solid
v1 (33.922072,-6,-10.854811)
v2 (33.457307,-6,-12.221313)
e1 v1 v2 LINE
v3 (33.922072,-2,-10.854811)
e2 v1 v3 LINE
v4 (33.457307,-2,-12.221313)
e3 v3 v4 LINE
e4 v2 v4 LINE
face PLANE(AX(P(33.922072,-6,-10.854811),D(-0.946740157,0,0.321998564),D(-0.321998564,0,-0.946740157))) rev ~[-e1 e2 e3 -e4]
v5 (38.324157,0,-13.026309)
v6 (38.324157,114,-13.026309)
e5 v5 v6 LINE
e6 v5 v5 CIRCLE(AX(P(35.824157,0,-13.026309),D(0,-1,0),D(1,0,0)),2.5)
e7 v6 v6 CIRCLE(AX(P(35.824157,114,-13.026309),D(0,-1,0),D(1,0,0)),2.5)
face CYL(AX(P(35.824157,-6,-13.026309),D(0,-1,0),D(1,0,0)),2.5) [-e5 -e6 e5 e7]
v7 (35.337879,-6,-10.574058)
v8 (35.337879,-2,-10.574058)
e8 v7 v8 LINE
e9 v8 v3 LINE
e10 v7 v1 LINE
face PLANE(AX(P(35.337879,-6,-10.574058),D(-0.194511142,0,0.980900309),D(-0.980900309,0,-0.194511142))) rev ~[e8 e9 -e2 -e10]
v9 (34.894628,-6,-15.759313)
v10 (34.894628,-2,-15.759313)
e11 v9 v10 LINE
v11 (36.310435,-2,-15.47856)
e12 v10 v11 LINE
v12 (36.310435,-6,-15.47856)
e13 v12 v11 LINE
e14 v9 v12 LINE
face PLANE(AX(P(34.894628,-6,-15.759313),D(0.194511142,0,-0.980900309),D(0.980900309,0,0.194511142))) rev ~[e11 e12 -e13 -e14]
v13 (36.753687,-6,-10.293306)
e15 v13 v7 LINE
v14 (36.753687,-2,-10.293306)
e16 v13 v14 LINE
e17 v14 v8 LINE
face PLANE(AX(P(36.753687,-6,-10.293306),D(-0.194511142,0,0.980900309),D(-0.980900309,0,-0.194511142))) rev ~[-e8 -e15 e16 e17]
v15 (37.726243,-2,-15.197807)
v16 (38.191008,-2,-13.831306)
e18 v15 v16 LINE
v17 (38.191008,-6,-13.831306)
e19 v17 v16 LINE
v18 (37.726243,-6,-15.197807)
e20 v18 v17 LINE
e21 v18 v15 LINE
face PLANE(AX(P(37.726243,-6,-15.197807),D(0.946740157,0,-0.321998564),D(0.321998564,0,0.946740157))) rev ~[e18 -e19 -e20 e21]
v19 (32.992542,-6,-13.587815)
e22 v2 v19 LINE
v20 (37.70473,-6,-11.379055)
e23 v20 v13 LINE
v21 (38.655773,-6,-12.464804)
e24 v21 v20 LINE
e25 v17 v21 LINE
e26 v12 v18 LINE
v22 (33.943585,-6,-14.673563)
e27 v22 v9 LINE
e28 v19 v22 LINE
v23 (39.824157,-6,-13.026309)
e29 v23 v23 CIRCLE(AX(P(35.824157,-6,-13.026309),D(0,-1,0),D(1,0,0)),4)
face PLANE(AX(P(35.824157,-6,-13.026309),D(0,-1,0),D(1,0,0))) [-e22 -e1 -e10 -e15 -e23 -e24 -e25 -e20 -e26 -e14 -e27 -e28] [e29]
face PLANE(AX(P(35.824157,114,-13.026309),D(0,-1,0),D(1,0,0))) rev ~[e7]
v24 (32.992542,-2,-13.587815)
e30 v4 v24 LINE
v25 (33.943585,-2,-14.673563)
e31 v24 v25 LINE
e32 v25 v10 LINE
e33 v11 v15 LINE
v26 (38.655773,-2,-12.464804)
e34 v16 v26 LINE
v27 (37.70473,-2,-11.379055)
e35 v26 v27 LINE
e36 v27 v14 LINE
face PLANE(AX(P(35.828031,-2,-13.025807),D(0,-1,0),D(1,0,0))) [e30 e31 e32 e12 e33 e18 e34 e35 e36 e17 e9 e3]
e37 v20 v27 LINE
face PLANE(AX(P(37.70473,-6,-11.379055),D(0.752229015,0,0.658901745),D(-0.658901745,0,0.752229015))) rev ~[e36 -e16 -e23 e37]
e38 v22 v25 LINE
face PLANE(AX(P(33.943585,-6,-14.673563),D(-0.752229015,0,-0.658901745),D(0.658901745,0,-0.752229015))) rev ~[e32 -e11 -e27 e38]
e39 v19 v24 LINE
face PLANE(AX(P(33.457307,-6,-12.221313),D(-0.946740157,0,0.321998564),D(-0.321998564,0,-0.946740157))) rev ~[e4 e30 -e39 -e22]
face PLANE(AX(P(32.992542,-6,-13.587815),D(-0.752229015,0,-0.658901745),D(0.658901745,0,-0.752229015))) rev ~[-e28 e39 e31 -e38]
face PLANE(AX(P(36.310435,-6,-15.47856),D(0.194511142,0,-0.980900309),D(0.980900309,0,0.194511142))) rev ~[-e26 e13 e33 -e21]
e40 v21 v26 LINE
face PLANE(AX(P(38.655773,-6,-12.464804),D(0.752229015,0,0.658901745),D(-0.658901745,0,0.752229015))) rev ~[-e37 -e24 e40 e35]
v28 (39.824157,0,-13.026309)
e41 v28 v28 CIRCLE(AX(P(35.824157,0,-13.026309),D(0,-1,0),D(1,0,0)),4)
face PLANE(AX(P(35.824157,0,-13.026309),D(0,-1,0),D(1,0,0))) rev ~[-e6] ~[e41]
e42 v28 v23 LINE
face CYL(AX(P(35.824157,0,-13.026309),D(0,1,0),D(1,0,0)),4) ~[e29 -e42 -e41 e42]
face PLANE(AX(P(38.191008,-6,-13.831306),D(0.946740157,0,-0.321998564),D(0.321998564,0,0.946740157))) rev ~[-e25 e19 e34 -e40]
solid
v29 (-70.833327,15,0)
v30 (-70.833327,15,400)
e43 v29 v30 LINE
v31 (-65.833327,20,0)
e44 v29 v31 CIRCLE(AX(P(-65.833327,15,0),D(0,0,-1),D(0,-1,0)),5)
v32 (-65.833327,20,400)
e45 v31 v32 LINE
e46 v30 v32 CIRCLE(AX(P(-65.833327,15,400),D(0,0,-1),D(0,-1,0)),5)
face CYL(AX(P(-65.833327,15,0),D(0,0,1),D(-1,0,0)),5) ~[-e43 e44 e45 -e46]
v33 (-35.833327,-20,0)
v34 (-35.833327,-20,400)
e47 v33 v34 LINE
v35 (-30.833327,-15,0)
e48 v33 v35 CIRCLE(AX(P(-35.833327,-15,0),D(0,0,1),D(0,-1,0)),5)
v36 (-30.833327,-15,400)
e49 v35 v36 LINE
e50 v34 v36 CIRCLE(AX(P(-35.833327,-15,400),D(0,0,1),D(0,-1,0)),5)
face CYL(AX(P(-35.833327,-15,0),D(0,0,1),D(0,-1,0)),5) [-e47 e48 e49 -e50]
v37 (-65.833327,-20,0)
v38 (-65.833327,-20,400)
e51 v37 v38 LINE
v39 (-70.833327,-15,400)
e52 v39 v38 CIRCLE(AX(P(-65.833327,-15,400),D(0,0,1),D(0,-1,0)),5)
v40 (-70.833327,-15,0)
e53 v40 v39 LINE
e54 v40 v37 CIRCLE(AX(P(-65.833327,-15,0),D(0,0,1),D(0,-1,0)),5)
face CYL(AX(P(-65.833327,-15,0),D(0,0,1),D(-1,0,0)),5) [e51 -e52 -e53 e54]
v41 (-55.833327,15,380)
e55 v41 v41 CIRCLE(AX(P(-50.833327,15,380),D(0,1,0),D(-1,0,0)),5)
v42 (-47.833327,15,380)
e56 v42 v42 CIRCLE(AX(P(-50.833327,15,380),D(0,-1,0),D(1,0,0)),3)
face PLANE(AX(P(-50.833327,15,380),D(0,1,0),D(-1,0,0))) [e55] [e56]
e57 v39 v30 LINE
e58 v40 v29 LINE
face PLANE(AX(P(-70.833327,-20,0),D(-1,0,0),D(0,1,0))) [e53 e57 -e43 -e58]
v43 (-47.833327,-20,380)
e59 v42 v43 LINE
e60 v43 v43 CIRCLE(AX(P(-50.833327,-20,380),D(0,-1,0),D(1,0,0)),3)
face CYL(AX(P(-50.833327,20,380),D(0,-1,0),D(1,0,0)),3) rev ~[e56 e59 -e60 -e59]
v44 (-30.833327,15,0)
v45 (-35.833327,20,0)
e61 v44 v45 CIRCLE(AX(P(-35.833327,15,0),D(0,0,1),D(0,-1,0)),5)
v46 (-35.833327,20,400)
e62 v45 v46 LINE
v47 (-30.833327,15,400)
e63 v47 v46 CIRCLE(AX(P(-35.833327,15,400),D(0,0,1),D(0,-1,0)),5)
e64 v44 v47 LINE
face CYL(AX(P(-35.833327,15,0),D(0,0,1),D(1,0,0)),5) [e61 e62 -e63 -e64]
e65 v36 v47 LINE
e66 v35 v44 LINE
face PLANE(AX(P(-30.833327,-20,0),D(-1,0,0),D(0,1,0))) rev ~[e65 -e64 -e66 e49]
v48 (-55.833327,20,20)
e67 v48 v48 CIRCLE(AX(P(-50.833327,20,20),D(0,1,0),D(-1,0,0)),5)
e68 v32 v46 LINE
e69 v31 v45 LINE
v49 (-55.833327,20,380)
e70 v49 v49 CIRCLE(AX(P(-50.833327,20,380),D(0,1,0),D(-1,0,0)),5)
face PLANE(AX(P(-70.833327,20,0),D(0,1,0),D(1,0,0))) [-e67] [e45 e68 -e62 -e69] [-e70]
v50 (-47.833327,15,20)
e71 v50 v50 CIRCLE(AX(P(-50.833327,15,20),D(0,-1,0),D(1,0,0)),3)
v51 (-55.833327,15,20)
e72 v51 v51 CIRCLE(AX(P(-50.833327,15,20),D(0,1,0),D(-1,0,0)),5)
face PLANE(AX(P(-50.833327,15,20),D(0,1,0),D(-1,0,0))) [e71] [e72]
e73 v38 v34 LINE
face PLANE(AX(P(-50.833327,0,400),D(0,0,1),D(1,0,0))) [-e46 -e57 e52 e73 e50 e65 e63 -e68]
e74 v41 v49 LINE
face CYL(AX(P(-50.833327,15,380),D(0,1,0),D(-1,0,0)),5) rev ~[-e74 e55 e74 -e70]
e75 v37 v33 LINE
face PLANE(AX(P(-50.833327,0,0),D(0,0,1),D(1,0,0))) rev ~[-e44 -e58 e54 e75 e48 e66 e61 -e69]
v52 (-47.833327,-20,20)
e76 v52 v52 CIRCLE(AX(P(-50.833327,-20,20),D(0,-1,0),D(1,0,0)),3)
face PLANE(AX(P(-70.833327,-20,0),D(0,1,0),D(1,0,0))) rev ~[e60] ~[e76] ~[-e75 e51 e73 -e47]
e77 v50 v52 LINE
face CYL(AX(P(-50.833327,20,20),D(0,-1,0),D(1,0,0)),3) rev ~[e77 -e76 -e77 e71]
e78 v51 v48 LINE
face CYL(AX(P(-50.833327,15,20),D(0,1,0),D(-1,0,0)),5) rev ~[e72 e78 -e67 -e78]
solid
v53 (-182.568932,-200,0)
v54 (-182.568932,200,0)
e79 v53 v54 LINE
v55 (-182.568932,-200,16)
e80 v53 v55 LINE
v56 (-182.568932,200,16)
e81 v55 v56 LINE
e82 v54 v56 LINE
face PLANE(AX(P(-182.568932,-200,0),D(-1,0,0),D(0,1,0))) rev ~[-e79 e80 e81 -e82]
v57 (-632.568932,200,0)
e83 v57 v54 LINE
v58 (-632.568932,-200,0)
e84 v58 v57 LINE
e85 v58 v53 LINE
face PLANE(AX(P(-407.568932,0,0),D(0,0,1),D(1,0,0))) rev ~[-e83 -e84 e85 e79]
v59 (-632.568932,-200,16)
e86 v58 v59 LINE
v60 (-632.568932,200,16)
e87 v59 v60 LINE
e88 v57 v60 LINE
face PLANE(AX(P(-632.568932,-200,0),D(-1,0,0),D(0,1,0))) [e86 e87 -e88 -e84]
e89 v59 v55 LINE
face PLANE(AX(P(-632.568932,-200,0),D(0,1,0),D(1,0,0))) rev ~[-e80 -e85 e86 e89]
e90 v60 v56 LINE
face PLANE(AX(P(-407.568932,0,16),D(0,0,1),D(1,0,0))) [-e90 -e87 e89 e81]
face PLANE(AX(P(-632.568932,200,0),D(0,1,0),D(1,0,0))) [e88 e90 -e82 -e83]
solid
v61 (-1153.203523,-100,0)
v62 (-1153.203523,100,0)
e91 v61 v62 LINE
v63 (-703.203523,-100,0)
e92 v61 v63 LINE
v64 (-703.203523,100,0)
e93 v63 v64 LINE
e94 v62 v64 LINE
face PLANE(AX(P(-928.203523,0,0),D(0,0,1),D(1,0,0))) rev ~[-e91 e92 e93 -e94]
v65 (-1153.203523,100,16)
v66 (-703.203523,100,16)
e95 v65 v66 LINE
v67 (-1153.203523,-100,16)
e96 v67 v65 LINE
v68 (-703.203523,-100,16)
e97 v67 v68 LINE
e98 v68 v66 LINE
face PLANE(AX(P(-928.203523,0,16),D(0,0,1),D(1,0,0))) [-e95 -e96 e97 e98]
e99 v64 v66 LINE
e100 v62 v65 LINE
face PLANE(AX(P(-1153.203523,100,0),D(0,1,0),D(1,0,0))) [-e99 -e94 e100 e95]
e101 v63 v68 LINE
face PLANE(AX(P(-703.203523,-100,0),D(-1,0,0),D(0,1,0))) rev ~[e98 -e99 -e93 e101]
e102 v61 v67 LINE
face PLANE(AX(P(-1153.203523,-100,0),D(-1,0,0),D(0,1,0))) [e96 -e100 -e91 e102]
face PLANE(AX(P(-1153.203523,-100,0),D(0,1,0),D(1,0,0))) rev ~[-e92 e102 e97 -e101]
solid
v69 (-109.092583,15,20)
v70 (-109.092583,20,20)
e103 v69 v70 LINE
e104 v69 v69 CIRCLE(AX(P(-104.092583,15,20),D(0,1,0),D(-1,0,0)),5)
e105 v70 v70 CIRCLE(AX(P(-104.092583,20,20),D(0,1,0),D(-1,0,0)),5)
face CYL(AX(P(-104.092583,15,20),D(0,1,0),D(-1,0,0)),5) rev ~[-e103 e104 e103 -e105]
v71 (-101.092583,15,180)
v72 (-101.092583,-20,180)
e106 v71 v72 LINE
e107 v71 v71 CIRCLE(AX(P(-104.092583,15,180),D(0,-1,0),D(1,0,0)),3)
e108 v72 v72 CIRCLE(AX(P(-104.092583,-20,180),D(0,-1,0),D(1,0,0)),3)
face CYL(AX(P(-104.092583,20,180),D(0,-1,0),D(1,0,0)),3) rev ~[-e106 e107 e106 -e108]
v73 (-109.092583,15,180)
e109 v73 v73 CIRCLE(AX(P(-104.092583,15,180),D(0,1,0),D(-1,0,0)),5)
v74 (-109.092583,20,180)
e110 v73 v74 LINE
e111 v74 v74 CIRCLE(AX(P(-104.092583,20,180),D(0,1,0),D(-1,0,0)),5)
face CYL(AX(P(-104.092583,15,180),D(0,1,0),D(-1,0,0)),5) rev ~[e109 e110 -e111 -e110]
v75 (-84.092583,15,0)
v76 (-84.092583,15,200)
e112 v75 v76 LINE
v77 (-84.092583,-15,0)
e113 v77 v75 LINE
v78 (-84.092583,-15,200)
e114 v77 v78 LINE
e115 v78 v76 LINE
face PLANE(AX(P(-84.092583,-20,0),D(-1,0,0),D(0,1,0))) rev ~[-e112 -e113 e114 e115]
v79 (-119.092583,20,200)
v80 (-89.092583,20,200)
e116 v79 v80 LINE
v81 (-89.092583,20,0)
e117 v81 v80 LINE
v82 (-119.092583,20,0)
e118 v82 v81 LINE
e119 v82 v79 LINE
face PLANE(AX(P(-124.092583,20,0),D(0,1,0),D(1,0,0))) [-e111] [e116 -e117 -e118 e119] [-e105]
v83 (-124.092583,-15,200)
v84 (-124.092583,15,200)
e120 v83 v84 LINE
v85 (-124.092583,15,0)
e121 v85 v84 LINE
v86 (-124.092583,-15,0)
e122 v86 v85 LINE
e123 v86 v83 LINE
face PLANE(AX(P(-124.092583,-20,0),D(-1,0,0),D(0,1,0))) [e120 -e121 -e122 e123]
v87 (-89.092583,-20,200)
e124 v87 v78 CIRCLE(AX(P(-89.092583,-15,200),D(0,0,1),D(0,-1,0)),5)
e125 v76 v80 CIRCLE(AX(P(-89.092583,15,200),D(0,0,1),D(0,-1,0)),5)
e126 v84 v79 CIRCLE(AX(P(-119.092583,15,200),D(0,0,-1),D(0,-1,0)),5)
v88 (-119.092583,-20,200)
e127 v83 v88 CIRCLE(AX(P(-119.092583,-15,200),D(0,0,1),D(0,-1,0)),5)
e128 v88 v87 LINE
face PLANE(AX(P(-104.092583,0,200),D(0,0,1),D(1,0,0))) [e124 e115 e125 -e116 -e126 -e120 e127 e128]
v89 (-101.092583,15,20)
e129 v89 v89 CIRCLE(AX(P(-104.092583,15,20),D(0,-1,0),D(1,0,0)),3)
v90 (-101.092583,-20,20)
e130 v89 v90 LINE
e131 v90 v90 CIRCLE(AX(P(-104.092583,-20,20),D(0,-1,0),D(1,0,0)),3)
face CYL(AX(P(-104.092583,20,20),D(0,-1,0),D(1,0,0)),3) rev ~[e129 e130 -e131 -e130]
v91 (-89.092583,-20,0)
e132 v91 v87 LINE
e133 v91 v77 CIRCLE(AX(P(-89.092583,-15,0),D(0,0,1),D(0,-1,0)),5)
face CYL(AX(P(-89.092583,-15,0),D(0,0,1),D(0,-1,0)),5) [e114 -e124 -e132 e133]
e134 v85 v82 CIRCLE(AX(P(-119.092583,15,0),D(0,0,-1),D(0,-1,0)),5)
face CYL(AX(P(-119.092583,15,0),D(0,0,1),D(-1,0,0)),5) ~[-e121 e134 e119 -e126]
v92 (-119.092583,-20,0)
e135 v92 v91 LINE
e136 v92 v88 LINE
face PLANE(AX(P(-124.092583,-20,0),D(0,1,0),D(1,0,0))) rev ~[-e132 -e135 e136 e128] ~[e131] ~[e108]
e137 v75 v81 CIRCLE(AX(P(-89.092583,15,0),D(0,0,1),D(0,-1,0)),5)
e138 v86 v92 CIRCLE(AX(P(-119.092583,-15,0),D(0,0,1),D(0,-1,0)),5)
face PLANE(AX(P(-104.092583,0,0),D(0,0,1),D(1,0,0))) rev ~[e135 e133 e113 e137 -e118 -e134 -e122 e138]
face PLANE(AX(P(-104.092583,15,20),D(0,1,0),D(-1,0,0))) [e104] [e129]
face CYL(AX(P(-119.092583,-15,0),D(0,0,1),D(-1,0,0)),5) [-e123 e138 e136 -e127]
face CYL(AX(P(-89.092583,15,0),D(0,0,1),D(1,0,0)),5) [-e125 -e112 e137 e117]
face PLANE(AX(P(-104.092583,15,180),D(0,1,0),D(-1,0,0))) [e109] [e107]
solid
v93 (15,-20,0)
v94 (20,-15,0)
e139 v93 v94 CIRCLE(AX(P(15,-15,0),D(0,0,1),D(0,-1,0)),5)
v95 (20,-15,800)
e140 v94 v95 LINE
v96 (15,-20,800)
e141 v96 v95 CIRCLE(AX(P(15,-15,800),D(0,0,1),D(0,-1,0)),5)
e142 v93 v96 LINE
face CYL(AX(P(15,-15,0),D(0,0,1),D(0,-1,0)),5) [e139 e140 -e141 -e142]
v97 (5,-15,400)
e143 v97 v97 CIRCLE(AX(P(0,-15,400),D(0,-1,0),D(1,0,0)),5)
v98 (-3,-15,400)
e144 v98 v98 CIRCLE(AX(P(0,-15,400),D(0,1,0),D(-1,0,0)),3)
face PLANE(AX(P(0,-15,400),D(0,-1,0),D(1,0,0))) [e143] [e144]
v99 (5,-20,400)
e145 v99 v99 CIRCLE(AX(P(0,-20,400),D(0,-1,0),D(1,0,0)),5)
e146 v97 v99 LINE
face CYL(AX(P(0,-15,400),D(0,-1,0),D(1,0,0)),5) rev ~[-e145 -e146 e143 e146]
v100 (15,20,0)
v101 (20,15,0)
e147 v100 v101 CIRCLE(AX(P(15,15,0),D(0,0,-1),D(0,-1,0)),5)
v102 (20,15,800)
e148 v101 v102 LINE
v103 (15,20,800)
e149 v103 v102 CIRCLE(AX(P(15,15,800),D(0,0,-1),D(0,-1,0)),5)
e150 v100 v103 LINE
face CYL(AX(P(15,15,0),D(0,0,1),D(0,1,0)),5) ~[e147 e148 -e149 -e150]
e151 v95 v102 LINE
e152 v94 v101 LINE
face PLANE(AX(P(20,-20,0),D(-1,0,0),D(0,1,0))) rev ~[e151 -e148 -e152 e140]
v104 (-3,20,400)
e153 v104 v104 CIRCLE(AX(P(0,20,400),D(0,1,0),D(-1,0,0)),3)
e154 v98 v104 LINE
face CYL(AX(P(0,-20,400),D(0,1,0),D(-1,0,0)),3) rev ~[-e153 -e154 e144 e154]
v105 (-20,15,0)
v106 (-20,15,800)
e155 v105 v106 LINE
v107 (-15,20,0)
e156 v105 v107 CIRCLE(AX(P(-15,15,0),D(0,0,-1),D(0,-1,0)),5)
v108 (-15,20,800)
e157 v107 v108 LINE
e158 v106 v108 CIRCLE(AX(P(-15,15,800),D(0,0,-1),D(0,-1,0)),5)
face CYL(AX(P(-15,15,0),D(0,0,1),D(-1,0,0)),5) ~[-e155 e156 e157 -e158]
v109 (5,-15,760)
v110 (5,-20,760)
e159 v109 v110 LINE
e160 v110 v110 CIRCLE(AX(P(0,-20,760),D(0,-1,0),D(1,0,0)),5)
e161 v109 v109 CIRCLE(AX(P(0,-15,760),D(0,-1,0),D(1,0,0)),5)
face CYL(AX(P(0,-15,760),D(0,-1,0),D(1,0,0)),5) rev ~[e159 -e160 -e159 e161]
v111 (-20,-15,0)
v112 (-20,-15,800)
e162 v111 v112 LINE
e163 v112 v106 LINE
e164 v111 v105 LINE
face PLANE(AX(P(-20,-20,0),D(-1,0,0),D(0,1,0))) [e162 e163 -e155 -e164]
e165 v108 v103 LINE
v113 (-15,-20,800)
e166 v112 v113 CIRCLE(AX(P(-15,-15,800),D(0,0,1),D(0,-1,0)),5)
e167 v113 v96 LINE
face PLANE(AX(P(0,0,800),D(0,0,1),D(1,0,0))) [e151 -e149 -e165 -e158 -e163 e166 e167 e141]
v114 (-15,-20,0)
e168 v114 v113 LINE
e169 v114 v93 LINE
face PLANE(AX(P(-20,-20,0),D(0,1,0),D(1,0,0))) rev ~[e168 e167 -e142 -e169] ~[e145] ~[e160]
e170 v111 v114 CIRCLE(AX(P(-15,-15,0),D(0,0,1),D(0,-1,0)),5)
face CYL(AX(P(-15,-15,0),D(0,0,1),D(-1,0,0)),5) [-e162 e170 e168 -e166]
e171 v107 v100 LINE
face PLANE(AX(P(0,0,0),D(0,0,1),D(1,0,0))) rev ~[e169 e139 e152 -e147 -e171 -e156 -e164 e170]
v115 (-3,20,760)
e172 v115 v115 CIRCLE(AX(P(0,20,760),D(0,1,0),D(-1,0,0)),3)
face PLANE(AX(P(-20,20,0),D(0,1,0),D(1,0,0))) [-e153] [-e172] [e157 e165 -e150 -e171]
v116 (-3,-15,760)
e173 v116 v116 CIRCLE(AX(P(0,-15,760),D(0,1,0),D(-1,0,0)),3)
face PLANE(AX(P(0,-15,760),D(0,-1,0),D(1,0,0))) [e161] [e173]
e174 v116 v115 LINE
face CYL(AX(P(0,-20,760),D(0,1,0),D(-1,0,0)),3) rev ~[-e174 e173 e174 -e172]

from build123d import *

# Parameters (mm, degrees)
F0_W            = 40
F0_H            = 40
F1_DEPTH        = 800
F3_D            = 6
F3_CBORE_D      = 10
F3_CBORE_DEPTH  = 5
F4_R            = 5
F5_R            = 4
F6_DEPTH        = 6
F7_R            = 2.5
F8_DEPTH        = 120
F10_DEPTH       = 4
F11_W           = 40
F11_H           = 40
F12_DEPTH       = 400
F13_R           = 5
F15_D           = 6
F15_CBORE_D     = 10
F15_CBORE_DEPTH = 5
F16_W           = 40
F16_H           = 40
F17_DEPTH       = 200
F18_R           = 5
F20_D           = 6
F20_CBORE_D     = 10
F20_CBORE_DEPTH = 5
F21_W           = 450
F21_H           = 400
F22_DEPTH       = 16
F23_W           = 450
F23_H           = 200
F24_DEPTH       = 16


with BuildPart() as f1:
    # F0 (on Top) → F1 (new body)
    with BuildSketch(Plane.XY):
        Rectangle(F0_W, F0_H)
    extrude(amount=F1_DEPTH)

    # F3 (through all)
    with Locations(Plane.XZ.offset(20)):
        with Locations((0, 760), (0, 400)):
            CounterBoreHole(F3_D / 2, F3_CBORE_D / 2, F3_CBORE_DEPTH)

    # F4
    f4_edges = [f1.edges().sort_by_distance(p)[0] for p in [
        (-20, 20, 400),
        (20, 20, 400),
        (-20, -20, 400),
        (20, -20, 400),
    ]]
    fillet(f4_edges, radius=F4_R)


with BuildPart() as f6:
    # F5 (on Front) → F6 (new body)
    with BuildSketch(Plane.XZ):
        with Locations((35.8241572976, -13.0263091996)):
            Circle(F5_R)
    extrude(amount=F6_DEPTH)

    # F7 (on face) → F8 (join)
    with BuildSketch(Plane.XZ.offset(6)):
        with Locations((35.8241572976, -13.0263091996)):
            Circle(F7_R)
    extrude(amount=-F8_DEPTH)

    # F9 (on face) → F10 (cut)
    with BuildSketch(Plane.XZ.offset(6)):
        with BuildLine():
            ThreePointArc((38.1910076976, -13.8313055873), (38.2906452866, -13.4342761101), (38.3241572976, -13.0263091996))
            ThreePointArc((38.3241572976, -13.0263091996), (38.1641820372, -12.1463749873), (37.7047299232, -11.3790549387))
            ThreePointArc((37.7047299232, -11.3790549387), (36.6291537099, -10.659458808), (35.3378793156, -10.574058453))
            ThreePointArc((35.3378793156, -10.574058453), (34.1769029635, -11.1457366382), (33.4573069705, -12.2213125976))
            ThreePointArc((33.4573069705, -12.2213125976), (33.3719064931, -13.5125868896), (33.9435846721, -14.6735634605))
            ThreePointArc((33.9435846721, -14.6735634605), (35.0191607987, -15.3931595618), (36.3104351001, -15.4785599818))
            ThreePointArc((36.3104351001, -15.4785599818), (37.471411648, -14.9068817468), (38.1910076976, -13.8313055873))
        make_face()
        with BuildLine():
            ThreePointArc((37.7047299232, -11.3790549387), (38.1641820372, -12.1463749873), (38.3241572976, -13.0263091996))
            ThreePointArc((38.3241572976, -13.0263091996), (38.2906452866, -13.4342761101), (38.1910076976, -13.8313055873))
            Line((38.1910076976, -13.8313055873), (38.6557725839, -12.4648038982))
            Line((38.6557725839, -12.4648038982), (37.7047299232, -11.3790549387))
        make_face()
        with BuildLine():
            ThreePointArc((35.3378793156, -10.574058453), (36.6291537099, -10.659458808), (37.7047299232, -11.3790549387))
            Line((37.7047299232, -11.3790549387), (36.7536870854, -10.2933057772))
            Line((36.7536870854, -10.2933057772), (35.3378793156, -10.574058453))
        make_face()
        with BuildLine():
            Line((37.7262427962, -15.1978073206), (38.1910076976, -13.8313055873))
            ThreePointArc((38.1910076976, -13.8313055873), (37.471411648, -14.9068817468), (36.3104351001, -15.4785599818))
            Line((36.3104351001, -15.4785599818), (37.7262427962, -15.1978073206))
        make_face()
        with BuildLine():
            ThreePointArc((33.4573069705, -12.2213125976), (34.1769029635, -11.1457366382), (35.3378793156, -10.574058453))
            Line((35.3378793156, -10.574058453), (33.922071799, -10.8548110787))
            Line((33.922071799, -10.8548110787), (33.4573069705, -12.2213125976))
        make_face()
        with BuildLine():
            Line((34.8946275099, -15.7593126221), (36.3104351001, -15.4785599818))
            ThreePointArc((36.3104351001, -15.4785599818), (35.0191607987, -15.3931595618), (33.9435846721, -14.6735634605))
            Line((33.9435846721, -14.6735634605), (34.8946275099, -15.7593126221))
        make_face()
        with BuildLine():
            ThreePointArc((33.9435846721, -14.6735634605), (33.3719064931, -13.5125868896), (33.4573069705, -12.2213125976))
            Line((33.4573069705, -12.2213125976), (32.9925420113, -13.5878145011))
            Line((32.9925420113, -13.5878145011), (33.9435846721, -14.6735634605))
        make_face()
    extrude(amount=-F10_DEPTH, mode=Mode.SUBTRACT)


with BuildPart() as f12:
    # F11 (on Top) → F12 (new body)
    with BuildSketch(Plane.XY):
        with Locations((-50.8333270538, 0)):
            Rectangle(F11_W, F11_H)
    extrude(amount=F12_DEPTH)

    # F13
    f13_edges = [f12.edges().sort_by_distance(p)[0] for p in [
        (-70.833327, -20, 200),
        (-30.833327, -20, 200),
        (-30.833327, 20, 200),
        (-70.833327, 20, 200),
    ]]
    fillet(f13_edges, radius=F13_R)

    # F15 (through all)
    with Locations(Plane(origin=(0, 20, 0), x_dir=(-1, 0, 0), z_dir=(0, 1, 0))):
        with Locations((50.8333270538, 20), (50.8333270538, 380)):
            CounterBoreHole(F15_D / 2, F15_CBORE_D / 2, F15_CBORE_DEPTH)


with BuildPart() as f17:
    # F16 (on Top) → F17 (new body)
    with BuildSketch(Plane.XY):
        with Locations((-104.0925830603, 0)):
            Rectangle(F16_W, F16_H)
    extrude(amount=F17_DEPTH)

    # F18
    f18_edges = [f17.edges().sort_by_distance(p)[0] for p in [
        (-124.092583, 20, 100),
        (-84.092583, 20, 100),
        (-124.092583, -20, 100),
        (-84.092583, -20, 100),
    ]]
    fillet(f18_edges, radius=F18_R)

    # F20 (through all)
    with Locations(Plane(origin=(0, 20, 0), x_dir=(-1, 0, 0), z_dir=(0, 1, 0))):
        with Locations((104.0925830603, 20), (104.0925830603, 180)):
            CounterBoreHole(F20_D / 2, F20_CBORE_D / 2, F20_CBORE_DEPTH)


with BuildPart() as f22:
    # F21 (on Top) → F22 (new body)
    with BuildSketch(Plane.XY):
        with Locations((-407.5689315796, 0)):
            Rectangle(F21_W, F21_H)
    extrude(amount=F22_DEPTH)


with BuildPart() as f24:
    # F23 (on Top) → F24 (new body)
    with BuildSketch(Plane.XY):
        with Locations((-928.203523159, 0)):
            Rectangle(F23_W, F23_H)
    extrude(amount=F24_DEPTH)


solid = Compound([f1.part, f6.part, f12.part, f17.part, f22.part, f24.part])
